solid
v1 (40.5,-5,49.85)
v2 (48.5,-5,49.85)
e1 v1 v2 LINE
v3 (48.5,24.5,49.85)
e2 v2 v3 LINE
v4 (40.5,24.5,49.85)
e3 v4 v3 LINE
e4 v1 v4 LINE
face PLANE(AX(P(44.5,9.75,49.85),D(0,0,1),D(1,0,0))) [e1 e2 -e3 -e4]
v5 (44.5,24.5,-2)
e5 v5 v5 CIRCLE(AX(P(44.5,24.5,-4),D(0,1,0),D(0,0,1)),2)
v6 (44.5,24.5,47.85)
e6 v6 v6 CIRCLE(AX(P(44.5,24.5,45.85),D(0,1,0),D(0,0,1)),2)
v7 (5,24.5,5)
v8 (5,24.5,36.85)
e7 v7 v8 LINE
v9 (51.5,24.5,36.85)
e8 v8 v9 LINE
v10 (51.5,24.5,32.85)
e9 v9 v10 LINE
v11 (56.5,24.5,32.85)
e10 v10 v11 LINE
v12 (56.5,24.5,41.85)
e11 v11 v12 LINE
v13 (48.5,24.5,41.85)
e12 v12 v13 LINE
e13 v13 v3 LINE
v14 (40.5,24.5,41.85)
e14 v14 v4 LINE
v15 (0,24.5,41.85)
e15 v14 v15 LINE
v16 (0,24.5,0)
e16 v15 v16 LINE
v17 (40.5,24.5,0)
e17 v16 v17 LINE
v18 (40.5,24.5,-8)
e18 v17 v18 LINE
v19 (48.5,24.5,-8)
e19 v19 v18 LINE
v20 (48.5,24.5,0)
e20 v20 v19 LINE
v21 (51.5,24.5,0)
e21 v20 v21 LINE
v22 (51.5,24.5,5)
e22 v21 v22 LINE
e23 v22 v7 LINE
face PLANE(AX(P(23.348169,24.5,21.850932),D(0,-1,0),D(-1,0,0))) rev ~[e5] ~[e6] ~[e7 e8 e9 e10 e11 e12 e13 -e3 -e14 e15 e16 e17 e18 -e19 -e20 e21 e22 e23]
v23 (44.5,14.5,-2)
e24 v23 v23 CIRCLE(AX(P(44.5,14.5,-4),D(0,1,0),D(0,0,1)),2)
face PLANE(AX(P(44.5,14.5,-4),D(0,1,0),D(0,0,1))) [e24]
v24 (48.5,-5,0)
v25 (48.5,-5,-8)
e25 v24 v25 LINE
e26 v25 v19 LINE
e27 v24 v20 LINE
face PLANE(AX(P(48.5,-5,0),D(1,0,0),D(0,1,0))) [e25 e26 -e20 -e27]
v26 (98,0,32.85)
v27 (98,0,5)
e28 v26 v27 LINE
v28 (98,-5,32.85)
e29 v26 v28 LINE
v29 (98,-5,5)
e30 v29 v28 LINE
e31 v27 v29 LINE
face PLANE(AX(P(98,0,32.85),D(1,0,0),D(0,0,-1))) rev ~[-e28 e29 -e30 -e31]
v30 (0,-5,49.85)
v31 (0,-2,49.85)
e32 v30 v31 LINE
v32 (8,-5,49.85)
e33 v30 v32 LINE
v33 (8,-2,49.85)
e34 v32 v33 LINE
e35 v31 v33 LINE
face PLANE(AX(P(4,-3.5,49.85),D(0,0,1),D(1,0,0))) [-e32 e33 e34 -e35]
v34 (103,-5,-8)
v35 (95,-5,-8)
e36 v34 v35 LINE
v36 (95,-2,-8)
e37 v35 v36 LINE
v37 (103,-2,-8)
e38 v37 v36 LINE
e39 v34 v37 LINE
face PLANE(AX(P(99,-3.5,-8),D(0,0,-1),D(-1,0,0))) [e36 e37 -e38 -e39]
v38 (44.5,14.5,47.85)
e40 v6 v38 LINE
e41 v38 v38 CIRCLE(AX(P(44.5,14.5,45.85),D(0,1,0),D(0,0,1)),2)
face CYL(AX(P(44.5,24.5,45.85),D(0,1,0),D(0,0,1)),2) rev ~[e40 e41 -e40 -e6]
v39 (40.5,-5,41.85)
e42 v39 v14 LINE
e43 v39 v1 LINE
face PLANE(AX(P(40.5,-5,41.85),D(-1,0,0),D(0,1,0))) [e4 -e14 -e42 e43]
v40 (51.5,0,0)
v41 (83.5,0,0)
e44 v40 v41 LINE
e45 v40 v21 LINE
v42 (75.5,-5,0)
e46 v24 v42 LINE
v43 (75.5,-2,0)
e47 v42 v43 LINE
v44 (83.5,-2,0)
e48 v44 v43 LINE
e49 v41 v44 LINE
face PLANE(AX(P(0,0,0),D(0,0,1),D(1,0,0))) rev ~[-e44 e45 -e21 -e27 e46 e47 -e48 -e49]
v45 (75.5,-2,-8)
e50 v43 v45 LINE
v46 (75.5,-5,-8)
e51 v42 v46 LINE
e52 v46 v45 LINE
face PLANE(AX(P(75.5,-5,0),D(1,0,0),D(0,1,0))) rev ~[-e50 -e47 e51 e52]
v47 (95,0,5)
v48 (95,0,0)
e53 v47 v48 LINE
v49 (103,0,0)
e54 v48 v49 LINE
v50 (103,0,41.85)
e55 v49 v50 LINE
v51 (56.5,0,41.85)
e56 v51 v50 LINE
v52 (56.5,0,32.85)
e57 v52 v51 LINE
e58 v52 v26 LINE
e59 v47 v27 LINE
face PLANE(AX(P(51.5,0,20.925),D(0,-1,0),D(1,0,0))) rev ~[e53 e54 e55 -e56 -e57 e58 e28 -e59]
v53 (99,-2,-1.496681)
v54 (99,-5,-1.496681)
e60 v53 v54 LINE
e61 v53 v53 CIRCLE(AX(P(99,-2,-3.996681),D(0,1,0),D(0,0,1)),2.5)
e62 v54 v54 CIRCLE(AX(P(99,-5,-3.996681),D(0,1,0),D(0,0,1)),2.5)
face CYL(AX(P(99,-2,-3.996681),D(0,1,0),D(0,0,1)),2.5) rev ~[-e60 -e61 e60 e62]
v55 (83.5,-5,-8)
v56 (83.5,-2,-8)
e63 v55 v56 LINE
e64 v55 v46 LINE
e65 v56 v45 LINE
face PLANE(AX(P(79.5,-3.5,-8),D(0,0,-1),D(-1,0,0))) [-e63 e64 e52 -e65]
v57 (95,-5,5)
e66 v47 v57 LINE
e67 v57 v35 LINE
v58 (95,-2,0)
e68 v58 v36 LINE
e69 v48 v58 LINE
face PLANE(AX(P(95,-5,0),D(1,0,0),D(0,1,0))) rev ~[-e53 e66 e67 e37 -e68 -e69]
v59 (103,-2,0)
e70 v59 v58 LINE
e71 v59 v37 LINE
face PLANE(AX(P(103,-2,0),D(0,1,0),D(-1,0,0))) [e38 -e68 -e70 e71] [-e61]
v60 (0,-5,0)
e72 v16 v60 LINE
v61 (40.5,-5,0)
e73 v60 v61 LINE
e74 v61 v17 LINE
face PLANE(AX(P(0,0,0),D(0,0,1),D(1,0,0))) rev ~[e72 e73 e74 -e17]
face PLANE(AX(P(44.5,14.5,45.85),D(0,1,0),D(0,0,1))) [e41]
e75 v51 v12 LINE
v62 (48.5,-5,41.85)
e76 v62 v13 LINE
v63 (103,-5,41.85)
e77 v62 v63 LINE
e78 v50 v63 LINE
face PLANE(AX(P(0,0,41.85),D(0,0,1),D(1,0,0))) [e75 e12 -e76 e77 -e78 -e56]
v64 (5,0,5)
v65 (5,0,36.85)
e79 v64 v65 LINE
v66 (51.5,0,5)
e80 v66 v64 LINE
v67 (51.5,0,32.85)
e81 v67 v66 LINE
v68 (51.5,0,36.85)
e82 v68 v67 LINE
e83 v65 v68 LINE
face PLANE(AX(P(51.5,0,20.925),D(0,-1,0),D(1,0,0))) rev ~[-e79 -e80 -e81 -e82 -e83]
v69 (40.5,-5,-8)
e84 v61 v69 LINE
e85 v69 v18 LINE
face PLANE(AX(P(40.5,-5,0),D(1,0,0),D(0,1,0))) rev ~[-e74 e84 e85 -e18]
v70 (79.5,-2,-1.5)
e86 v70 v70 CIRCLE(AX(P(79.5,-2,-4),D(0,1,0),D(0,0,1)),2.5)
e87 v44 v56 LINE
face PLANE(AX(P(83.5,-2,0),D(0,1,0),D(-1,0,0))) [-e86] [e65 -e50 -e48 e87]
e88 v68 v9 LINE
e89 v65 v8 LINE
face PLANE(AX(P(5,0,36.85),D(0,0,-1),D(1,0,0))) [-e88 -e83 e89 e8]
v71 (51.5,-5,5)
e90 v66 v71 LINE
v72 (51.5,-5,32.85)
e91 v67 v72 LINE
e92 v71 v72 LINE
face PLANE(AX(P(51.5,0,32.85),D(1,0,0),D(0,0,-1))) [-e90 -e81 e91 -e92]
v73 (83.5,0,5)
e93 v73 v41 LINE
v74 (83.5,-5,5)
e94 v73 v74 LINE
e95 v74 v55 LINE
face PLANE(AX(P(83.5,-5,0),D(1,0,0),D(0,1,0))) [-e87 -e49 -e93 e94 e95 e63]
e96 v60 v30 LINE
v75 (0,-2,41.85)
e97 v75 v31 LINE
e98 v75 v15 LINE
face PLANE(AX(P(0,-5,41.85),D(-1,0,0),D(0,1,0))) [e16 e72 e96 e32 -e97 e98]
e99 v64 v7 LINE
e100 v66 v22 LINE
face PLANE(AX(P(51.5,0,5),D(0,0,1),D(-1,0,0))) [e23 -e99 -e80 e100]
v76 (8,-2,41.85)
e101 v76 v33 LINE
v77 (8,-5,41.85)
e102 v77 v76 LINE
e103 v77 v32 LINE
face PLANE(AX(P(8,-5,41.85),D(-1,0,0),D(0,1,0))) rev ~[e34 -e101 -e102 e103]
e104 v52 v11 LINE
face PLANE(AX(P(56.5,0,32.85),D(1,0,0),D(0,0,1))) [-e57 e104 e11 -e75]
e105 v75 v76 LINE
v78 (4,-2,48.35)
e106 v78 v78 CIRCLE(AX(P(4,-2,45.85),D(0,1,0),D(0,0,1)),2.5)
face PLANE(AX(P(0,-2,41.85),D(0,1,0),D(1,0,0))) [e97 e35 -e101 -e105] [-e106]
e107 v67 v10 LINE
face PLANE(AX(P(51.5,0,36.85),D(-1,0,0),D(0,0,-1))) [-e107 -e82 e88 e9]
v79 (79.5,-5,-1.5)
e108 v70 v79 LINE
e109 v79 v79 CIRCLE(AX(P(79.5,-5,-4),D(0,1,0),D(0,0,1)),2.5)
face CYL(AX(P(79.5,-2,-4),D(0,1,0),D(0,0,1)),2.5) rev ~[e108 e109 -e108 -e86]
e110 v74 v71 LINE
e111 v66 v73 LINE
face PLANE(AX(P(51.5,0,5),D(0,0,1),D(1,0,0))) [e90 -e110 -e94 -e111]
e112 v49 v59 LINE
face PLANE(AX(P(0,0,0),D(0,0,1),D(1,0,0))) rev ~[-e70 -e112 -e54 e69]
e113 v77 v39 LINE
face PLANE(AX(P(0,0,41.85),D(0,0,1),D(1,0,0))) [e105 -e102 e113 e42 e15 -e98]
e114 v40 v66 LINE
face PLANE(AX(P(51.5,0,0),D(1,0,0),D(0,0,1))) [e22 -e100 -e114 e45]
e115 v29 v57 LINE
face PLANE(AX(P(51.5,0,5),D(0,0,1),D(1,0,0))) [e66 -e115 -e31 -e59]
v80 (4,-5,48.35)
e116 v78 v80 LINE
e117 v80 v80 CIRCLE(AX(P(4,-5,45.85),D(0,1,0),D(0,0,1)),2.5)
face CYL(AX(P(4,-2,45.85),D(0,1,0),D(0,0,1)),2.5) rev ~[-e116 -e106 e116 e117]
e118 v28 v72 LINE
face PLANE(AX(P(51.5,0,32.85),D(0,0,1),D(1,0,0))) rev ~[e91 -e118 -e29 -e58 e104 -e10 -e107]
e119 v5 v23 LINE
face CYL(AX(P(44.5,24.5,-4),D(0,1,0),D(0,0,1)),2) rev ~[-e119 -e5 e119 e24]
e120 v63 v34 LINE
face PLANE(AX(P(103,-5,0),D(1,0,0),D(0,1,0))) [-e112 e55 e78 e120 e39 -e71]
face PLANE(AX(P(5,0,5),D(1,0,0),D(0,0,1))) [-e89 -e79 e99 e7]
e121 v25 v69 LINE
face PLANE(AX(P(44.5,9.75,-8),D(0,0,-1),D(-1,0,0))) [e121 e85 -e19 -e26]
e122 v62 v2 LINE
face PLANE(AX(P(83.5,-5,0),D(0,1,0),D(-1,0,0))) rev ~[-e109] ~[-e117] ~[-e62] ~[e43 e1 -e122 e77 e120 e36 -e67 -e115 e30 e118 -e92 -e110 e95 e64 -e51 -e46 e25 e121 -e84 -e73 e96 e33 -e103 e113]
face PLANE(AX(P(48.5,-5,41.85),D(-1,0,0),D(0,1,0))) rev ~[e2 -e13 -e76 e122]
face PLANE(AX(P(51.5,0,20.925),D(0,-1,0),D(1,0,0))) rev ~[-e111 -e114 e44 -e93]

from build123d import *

# Parameters (mm, degrees)
BOSS_EXTRUDE1_DEPTH = 24.5
SKETCH2_W           = 103
SKETCH2_H           = 41.85
BOSS_EXTRUDE2_DEPTH = 5
SKETCH3_W           = 46.5
SKETCH3_H           = 27.85
CUT_EXTRUDE1_DEPTH  = 26
SKETCH7_W           = 8
SKETCH7_H           = 3
BOSS_EXTRUDE3_DEPTH = 8
SKETCH8_R           = 2.5
CUT_EXTRUDE2_DEPTH  = 8
SKETCH9_W           = 8
SKETCH9_H           = 3
BOSS_EXTRUDE4_DEPTH = 8
SKETCH10_R          = 2.5
CUT_EXTRUDE3_DEPTH  = 8
SKETCH12_W          = 11.5
SKETCH12_H          = 5
CUT_EXTRUDE4_DEPTH  = 8
SKETCH14_W          = 8
SKETCH14_H          = 3
BOSS_EXTRUDE5_DEPTH = 8
SKETCH15_R          = 2.5
CUT_EXTRUDE5_DEPTH  = 8
SKETCH16_W          = 8
SKETCH16_H          = 29.5
BOSS_EXTRUDE6_DEPTH = 8
SKETCH17_W          = 8
SKETCH17_H          = 29.5
BOSS_EXTRUDE7_DEPTH = 8
SKETCH18_R          = 2
CUT_EXTRUDE6_DEPTH  = 10


with BuildPart() as part:
    # Sketch1 → Boss-Extrude1 (new body)
    with BuildSketch(Plane(origin=(0, 0, 0), x_dir=(1, 0, 0), z_dir=(0, 1, 0))):
        Polygon((0, 0), (51.5, 0), (51.5, -5), (5, -5), (5, -36.85), (51.5, -36.85), (51.5, -32.85), (56.5, -32.85), (56.5, -41.85), (0, -41.85), align=None)
    extrude(amount=BOSS_EXTRUDE1_DEPTH)

    # Sketch2 → Boss-Extrude2 (add)
    with BuildSketch(Plane.XZ):
        with Locations((51.5, 20.925)):
            Rectangle(SKETCH2_W, SKETCH2_H)
    extrude(amount=BOSS_EXTRUDE2_DEPTH)

    # Sketch3 → Cut-Extrude1 (cut)
    with BuildSketch(Plane(origin=(0, 0, 0), x_dir=(1, 0, 0), z_dir=(0, 1, 0))):
        with Locations((74.75, -18.925)):
            Rectangle(SKETCH3_W, SKETCH3_H)
    extrude(amount=-CUT_EXTRUDE1_DEPTH, mode=Mode.SUBTRACT)

    # Sketch7 → Boss-Extrude3 (add)
    with BuildSketch(Plane.XY.offset(41.85)):
        with Locations((4, -3.5)):
            Rectangle(SKETCH7_W, SKETCH7_H)
    extrude(amount=BOSS_EXTRUDE3_DEPTH)

    # Sketch8 → Cut-Extrude2 (cut)
    with BuildSketch(Plane(origin=(0, -2, 0), x_dir=(1, 0, 0), z_dir=(0, 1, 0))):
        with Locations(Location((4, -45.85, 0), (0, 0, 270))):
            Circle(SKETCH8_R)
    extrude(amount=-CUT_EXTRUDE2_DEPTH, mode=Mode.SUBTRACT)

    # Sketch9 → Boss-Extrude4 (add)
    with BuildSketch(Plane(origin=(0, 0, 0), x_dir=(-1, 0, 0), z_dir=(0, 0, -1))):
        with Locations((-99, -3.5)):
            Rectangle(SKETCH9_W, SKETCH9_H)
    extrude(amount=BOSS_EXTRUDE4_DEPTH)

    # Sketch10 → Cut-Extrude3 (cut)
    with BuildSketch(Plane(origin=(0, -2, 0), x_dir=(1, 0, 0), z_dir=(0, 1, 0))):
        with Locations(Location((99, 3.996680608, 0), (0, 0, 270))):
            Circle(SKETCH10_R)
    extrude(amount=-CUT_EXTRUDE3_DEPTH, mode=Mode.SUBTRACT)

    # Sketch12 → Cut-Extrude4 (cut)
    with BuildSketch(Plane(origin=(0, 0, 0), x_dir=(1, 0, 0), z_dir=(0, 1, 0))):
        with Locations((89.25, -2.5)):
            Rectangle(SKETCH12_W, SKETCH12_H)
    extrude(amount=-CUT_EXTRUDE4_DEPTH, mode=Mode.SUBTRACT)

    # Sketch14 → Boss-Extrude5 (add)
    with BuildSketch(Plane(origin=(0, 0, 0), x_dir=(-1, 0, 0), z_dir=(0, 0, -1))):
        with Locations((-79.5, -3.5)):
            Rectangle(SKETCH14_W, SKETCH14_H)
    extrude(amount=BOSS_EXTRUDE5_DEPTH)

    # Sketch15 → Cut-Extrude5 (cut)
    with BuildSketch(Plane(origin=(0, -2, 0), x_dir=(1, 0, 0), z_dir=(0, 1, 0))):
        with Locations(Location((79.5, 4, 0), (0, 0, 270))):
            Circle(SKETCH15_R)
    extrude(amount=-CUT_EXTRUDE5_DEPTH, mode=Mode.SUBTRACT)

    # Sketch16 → Boss-Extrude6 (add)
    with BuildSketch(Plane(origin=(0, 0, 0), x_dir=(-1, 0, 0), z_dir=(0, 0, -1))):
        with Locations((-44.5, 9.75)):
            Rectangle(SKETCH16_W, SKETCH16_H)
    extrude(amount=BOSS_EXTRUDE6_DEPTH)

    # Sketch17 → Boss-Extrude7 (add)
    with BuildSketch(Plane.XY.offset(41.85)):
        with Locations((44.5, 9.75)):
            Rectangle(SKETCH17_W, SKETCH17_H)
    extrude(amount=BOSS_EXTRUDE7_DEPTH)

    # Sketch18 → Cut-Extrude6 (cut)
    with BuildSketch(Plane(origin=(0, 24.5, 0), x_dir=(1, 0, 0), z_dir=(0, 1, 0))):
        with Locations(Location((44.5, 4, 0), (0, 0, 270))):
            Circle(SKETCH18_R)
        with Locations(Location((44.5, -45.85, 0), (0, 0, 270))):
            Circle(SKETCH18_R)
    extrude(amount=-CUT_EXTRUDE6_DEPTH, mode=Mode.SUBTRACT)


solid = part.part
